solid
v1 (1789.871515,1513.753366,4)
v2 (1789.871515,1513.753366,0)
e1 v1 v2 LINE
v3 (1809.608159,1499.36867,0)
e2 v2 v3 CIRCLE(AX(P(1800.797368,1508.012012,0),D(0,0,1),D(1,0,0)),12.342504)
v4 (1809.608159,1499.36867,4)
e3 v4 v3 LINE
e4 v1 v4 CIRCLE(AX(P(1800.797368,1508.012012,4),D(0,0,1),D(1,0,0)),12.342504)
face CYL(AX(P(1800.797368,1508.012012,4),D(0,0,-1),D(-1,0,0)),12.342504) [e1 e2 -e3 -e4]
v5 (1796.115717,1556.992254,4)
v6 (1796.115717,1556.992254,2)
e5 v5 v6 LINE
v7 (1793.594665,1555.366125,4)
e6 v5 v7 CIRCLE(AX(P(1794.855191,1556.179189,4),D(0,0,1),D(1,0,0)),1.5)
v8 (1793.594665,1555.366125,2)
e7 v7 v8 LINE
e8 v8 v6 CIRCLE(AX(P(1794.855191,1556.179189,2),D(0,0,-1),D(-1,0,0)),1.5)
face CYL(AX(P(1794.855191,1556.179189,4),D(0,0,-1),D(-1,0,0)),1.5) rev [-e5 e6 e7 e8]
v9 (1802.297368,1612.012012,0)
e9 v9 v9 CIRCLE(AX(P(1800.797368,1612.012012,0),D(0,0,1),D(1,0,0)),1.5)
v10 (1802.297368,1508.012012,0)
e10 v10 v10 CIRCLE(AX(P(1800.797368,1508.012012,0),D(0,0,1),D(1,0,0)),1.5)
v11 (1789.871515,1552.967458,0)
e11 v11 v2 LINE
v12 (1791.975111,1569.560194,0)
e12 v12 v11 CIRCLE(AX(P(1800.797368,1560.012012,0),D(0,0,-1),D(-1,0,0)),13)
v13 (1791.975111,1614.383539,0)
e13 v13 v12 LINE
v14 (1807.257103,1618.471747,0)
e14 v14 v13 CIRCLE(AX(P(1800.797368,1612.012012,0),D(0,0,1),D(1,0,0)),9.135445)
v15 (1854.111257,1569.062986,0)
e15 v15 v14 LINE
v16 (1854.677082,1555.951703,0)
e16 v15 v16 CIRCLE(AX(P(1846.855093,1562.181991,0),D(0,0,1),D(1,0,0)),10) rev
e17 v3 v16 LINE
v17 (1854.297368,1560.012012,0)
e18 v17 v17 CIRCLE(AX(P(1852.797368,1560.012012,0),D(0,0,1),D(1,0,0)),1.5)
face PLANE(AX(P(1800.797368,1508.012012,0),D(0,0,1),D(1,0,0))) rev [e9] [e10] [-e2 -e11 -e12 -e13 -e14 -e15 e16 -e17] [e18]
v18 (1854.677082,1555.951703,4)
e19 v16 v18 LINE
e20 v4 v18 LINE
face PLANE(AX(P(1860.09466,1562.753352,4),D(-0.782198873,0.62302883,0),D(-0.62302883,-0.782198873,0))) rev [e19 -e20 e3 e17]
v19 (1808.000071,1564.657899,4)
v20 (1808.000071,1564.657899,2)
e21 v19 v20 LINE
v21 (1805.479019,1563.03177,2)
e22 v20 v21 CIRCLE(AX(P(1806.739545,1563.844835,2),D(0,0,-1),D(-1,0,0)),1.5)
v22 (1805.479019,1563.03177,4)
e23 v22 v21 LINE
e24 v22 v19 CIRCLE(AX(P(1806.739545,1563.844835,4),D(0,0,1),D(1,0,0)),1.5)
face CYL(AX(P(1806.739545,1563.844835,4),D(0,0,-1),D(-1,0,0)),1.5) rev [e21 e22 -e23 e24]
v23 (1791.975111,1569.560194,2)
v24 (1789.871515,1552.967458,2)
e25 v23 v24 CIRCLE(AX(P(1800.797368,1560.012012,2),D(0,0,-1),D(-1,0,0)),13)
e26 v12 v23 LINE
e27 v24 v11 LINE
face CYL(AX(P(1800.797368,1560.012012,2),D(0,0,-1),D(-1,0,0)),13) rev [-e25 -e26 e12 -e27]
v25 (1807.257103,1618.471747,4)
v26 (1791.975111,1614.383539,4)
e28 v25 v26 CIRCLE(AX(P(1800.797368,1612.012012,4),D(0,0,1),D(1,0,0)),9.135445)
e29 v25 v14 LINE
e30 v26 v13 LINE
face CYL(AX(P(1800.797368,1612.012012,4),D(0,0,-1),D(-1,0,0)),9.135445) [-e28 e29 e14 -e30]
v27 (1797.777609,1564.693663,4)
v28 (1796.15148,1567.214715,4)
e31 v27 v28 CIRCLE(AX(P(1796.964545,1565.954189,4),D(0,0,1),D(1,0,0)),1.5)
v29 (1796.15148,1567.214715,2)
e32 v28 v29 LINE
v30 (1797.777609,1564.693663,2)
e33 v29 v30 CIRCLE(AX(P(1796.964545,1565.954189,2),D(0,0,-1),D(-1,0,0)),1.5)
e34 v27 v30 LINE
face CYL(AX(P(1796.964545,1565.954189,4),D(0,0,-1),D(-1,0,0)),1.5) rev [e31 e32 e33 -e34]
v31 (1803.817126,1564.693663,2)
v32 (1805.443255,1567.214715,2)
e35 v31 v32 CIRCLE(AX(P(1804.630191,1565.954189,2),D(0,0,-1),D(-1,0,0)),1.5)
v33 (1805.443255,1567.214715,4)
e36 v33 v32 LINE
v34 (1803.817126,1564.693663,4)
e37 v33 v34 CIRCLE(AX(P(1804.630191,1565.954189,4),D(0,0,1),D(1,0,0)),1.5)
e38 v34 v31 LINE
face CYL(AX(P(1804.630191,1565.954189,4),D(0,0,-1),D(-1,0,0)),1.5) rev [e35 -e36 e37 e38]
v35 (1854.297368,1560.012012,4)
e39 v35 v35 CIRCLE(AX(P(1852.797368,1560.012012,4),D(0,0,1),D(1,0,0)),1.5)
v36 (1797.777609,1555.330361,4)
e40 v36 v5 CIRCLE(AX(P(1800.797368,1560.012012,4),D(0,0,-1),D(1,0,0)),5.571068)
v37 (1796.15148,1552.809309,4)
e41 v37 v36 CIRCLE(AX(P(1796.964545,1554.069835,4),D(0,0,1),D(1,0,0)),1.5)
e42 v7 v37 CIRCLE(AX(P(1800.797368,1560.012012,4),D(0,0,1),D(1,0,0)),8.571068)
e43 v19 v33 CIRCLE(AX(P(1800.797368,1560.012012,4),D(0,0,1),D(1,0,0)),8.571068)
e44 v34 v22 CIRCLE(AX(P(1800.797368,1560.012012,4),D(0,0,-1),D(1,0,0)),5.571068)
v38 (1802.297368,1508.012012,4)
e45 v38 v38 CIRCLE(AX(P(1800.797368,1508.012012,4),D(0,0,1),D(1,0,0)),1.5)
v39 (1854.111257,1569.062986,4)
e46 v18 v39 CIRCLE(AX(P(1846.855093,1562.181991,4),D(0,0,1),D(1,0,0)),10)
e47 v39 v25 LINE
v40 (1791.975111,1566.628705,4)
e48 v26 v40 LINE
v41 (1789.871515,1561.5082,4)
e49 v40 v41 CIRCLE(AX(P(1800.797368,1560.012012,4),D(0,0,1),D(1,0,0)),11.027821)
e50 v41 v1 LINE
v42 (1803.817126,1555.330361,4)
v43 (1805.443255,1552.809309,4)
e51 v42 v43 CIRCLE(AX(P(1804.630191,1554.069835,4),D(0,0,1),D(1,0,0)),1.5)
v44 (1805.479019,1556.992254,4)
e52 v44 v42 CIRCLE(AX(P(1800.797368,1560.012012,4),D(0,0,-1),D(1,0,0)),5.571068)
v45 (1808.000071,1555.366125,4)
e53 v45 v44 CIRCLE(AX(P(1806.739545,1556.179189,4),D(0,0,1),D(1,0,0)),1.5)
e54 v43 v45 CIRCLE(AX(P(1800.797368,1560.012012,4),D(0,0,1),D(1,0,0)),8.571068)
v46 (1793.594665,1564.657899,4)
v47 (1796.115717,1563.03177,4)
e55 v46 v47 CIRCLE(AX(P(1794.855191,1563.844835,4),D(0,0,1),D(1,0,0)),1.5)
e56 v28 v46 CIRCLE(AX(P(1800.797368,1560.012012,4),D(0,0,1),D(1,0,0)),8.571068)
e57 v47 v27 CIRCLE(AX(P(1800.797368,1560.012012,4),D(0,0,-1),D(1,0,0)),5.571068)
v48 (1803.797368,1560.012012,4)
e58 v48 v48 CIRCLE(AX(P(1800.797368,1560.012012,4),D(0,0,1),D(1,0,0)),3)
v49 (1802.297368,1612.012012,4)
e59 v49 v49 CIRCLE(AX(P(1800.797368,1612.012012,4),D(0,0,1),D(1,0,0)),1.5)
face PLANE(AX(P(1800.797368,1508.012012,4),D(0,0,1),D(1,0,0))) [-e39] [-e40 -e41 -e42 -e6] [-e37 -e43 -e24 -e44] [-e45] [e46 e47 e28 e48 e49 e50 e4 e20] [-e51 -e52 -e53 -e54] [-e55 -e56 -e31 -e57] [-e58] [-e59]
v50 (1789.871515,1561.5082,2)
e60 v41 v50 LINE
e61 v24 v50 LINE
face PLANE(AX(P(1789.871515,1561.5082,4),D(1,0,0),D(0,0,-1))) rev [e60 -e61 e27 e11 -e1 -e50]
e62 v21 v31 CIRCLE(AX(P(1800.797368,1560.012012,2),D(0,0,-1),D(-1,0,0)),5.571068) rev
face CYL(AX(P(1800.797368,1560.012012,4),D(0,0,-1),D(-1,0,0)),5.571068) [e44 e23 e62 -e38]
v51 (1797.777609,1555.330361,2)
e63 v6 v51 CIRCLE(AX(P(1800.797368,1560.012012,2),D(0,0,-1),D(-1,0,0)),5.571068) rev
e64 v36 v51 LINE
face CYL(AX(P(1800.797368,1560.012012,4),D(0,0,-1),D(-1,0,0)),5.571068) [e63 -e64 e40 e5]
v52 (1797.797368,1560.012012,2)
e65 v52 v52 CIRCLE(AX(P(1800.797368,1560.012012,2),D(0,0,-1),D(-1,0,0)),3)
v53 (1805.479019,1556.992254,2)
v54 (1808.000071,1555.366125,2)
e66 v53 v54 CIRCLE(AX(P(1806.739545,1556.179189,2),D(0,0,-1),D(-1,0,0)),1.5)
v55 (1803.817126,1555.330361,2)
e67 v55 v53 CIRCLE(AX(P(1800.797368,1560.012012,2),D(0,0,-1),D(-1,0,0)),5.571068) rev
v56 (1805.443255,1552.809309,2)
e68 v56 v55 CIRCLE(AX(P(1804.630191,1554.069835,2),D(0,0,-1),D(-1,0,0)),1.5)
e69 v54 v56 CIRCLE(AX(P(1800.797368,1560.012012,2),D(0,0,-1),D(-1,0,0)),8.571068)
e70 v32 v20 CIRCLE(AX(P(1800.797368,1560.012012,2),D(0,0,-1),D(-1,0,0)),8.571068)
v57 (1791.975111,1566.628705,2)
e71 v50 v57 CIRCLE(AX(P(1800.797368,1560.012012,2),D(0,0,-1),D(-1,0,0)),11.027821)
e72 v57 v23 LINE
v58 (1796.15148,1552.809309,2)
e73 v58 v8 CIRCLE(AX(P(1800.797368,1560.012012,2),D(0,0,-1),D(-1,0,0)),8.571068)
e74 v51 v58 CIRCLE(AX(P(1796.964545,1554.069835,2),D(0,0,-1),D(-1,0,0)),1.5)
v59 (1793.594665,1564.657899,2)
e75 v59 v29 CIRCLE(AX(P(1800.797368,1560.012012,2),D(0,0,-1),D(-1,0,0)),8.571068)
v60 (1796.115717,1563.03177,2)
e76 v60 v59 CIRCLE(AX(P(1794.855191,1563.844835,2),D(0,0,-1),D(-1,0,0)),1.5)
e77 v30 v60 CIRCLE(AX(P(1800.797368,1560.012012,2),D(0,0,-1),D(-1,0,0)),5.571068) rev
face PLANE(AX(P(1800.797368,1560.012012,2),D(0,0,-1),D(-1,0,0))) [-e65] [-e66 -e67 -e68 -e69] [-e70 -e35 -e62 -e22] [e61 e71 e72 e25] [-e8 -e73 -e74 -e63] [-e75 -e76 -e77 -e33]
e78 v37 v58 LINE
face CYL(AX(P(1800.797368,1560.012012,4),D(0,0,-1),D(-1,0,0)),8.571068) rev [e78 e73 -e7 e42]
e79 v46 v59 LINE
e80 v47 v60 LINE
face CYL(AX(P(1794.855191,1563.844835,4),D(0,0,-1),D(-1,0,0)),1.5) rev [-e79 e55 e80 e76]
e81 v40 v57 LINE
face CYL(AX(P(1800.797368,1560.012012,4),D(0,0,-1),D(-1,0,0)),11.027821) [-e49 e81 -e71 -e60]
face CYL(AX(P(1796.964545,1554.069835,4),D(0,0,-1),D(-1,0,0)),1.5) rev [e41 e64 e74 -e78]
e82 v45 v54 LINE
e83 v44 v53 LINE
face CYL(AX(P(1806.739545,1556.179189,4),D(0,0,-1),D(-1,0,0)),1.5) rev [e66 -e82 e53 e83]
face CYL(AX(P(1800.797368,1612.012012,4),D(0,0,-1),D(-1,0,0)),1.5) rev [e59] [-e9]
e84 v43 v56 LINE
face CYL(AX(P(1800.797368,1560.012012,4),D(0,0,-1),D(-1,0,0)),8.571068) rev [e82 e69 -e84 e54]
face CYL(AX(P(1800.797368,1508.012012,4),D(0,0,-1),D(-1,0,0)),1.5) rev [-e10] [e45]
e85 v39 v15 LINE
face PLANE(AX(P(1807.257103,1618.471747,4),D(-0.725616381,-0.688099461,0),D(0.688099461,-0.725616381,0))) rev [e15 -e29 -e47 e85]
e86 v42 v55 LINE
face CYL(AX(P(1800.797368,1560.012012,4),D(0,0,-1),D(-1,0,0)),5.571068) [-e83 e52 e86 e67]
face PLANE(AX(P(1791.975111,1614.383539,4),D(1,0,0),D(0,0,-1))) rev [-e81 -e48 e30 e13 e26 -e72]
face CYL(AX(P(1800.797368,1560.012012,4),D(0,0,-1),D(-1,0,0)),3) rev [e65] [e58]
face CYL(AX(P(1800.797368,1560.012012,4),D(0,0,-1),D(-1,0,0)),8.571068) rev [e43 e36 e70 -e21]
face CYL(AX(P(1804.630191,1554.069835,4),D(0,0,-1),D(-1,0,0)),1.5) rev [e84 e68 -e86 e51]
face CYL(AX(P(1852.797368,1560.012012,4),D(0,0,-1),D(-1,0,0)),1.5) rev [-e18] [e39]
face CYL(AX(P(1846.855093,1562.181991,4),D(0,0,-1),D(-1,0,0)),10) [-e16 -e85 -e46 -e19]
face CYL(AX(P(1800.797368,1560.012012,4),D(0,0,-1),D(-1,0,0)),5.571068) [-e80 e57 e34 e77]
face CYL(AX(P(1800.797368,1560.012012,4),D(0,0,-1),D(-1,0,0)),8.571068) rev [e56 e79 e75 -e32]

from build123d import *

# Parameters (mm, degrees)
SKETCH_1_R          = 3
SKETCH_1_R_2        = 1.5
EXTRUDE_1_DEPTH     = 4
SKETCH_3_R          = 13
CUT_EXTRUDE_2_DEPTH = 2
FILLET_1_R          = 10


with BuildPart() as part:
    # 草图1 → 凸台-拉伸1 (new body)
    with BuildSketch(Plane.XY):
        with BuildLine():
            Line((1791.975111059, 1614.383538533), (1791.975111059, 1566.628704537))
            ThreePointArc((1791.975111059, 1566.628704537), (1790.596787079, 1564.202595154), (1789.871515189, 1561.508200154))
            Line((1789.871515189, 1561.508200154), (1789.871515189, 1513.753366158))
            ThreePointArc((1789.871515189, 1513.753366158), (1793.527688188, 1498.037586639), (1809.60815907, 1499.368670076))
            Line((1809.60815907, 1499.368670076), (1860.094660389, 1562.753352309))
            Line((1860.094660389, 1562.753352309), (1807.257102758, 1618.471746967))
            ThreePointArc((1807.257102758, 1618.471746967), (1798.436490976, 1620.837124602), (1791.975111059, 1614.383538533))
        make_face()
        with Locations((1800.797367784, 1560.012011993)):
            Circle(SKETCH_1_R, mode=Mode.SUBTRACT)
        with Locations((1800.797367784, 1612.012011993)):
            Circle(SKETCH_1_R_2, mode=Mode.SUBTRACT)
        with Locations((1852.797367784, 1560.012011993)):
            Circle(SKETCH_1_R_2, mode=Mode.SUBTRACT)
        with Locations((1800.797367784, 1508.012011993)):
            Circle(SKETCH_1_R_2, mode=Mode.SUBTRACT)
        with BuildLine():
            ThreePointArc((1805.443255224, 1552.809308797), (1806.858027956, 1553.951351821), (1808.000070981, 1555.366124554))
            ThreePointArc((1808.000070981, 1555.366124554), (1807.55260939, 1557.43971519), (1805.479018754, 1556.992253599))
            ThreePointArc((1805.479018754, 1556.992253599), (1804.736707613, 1556.072672165), (1803.817126178, 1555.330361023))
            ThreePointArc((1803.817126178, 1555.330361023), (1803.369664588, 1553.256770387), (1805.443255224, 1552.809308797))
        make_face(mode=Mode.SUBTRACT)
        with BuildLine():
            ThreePointArc((1808.000070981, 1564.657899433), (1806.858027956, 1566.072672165), (1805.443255224, 1567.21471519))
            ThreePointArc((1805.443255224, 1567.21471519), (1803.369664588, 1566.767253599), (1803.817126178, 1564.693662963))
            ThreePointArc((1803.817126178, 1564.693662963), (1804.736707613, 1563.951351821), (1805.479018754, 1563.031770387))
            ThreePointArc((1805.479018754, 1563.031770387), (1807.55260939, 1562.584308797), (1808.000070981, 1564.657899433))
        make_face(mode=Mode.SUBTRACT)
        with BuildLine():
            ThreePointArc((1796.151480345, 1567.21471519), (1794.736707613, 1566.072672165), (1793.594664588, 1564.657899433))
            ThreePointArc((1793.594664588, 1564.657899433), (1794.042126178, 1562.584308797), (1796.115716814, 1563.031770387))
            ThreePointArc((1796.115716814, 1563.031770387), (1796.858027956, 1563.951351821), (1797.77760939, 1564.693662963))
            ThreePointArc((1797.77760939, 1564.693662963), (1798.225070981, 1566.767253599), (1796.151480345, 1567.21471519))
        make_face(mode=Mode.SUBTRACT)
        with BuildLine():
            ThreePointArc((1793.594664588, 1555.366124554), (1794.736707613, 1553.951351821), (1796.151480345, 1552.809308797))
            ThreePointArc((1796.151480345, 1552.809308797), (1798.225070981, 1553.256770387), (1797.77760939, 1555.330361023))
            ThreePointArc((1797.77760939, 1555.330361023), (1796.858027956, 1556.072672165), (1796.115716814, 1556.992253599))
            ThreePointArc((1796.115716814, 1556.992253599), (1794.042126178, 1557.43971519), (1793.594664588, 1555.366124554))
        make_face(mode=Mode.SUBTRACT)
    extrude(amount=EXTRUDE_1_DEPTH)

    # 草图3 → 切除-拉伸2 (cut)
    with BuildSketch(Plane(origin=(0, 0, 0), x_dir=(-1, 0, 0), z_dir=(0, 0, -1))):
        with Locations((-1800.797367784, 1560.012011993)):
            Circle(SKETCH_3_R)
    extrude(amount=-CUT_EXTRUDE_2_DEPTH, mode=Mode.SUBTRACT)

    # 圆角1
    fillet_1_edges = [part.edges().sort_by_distance(p)[0] for p in [
        (1860.094660389, 1562.753352309, 2),
    ]]
    fillet(fillet_1_edges, radius=FILLET_1_R)


solid = part.part
